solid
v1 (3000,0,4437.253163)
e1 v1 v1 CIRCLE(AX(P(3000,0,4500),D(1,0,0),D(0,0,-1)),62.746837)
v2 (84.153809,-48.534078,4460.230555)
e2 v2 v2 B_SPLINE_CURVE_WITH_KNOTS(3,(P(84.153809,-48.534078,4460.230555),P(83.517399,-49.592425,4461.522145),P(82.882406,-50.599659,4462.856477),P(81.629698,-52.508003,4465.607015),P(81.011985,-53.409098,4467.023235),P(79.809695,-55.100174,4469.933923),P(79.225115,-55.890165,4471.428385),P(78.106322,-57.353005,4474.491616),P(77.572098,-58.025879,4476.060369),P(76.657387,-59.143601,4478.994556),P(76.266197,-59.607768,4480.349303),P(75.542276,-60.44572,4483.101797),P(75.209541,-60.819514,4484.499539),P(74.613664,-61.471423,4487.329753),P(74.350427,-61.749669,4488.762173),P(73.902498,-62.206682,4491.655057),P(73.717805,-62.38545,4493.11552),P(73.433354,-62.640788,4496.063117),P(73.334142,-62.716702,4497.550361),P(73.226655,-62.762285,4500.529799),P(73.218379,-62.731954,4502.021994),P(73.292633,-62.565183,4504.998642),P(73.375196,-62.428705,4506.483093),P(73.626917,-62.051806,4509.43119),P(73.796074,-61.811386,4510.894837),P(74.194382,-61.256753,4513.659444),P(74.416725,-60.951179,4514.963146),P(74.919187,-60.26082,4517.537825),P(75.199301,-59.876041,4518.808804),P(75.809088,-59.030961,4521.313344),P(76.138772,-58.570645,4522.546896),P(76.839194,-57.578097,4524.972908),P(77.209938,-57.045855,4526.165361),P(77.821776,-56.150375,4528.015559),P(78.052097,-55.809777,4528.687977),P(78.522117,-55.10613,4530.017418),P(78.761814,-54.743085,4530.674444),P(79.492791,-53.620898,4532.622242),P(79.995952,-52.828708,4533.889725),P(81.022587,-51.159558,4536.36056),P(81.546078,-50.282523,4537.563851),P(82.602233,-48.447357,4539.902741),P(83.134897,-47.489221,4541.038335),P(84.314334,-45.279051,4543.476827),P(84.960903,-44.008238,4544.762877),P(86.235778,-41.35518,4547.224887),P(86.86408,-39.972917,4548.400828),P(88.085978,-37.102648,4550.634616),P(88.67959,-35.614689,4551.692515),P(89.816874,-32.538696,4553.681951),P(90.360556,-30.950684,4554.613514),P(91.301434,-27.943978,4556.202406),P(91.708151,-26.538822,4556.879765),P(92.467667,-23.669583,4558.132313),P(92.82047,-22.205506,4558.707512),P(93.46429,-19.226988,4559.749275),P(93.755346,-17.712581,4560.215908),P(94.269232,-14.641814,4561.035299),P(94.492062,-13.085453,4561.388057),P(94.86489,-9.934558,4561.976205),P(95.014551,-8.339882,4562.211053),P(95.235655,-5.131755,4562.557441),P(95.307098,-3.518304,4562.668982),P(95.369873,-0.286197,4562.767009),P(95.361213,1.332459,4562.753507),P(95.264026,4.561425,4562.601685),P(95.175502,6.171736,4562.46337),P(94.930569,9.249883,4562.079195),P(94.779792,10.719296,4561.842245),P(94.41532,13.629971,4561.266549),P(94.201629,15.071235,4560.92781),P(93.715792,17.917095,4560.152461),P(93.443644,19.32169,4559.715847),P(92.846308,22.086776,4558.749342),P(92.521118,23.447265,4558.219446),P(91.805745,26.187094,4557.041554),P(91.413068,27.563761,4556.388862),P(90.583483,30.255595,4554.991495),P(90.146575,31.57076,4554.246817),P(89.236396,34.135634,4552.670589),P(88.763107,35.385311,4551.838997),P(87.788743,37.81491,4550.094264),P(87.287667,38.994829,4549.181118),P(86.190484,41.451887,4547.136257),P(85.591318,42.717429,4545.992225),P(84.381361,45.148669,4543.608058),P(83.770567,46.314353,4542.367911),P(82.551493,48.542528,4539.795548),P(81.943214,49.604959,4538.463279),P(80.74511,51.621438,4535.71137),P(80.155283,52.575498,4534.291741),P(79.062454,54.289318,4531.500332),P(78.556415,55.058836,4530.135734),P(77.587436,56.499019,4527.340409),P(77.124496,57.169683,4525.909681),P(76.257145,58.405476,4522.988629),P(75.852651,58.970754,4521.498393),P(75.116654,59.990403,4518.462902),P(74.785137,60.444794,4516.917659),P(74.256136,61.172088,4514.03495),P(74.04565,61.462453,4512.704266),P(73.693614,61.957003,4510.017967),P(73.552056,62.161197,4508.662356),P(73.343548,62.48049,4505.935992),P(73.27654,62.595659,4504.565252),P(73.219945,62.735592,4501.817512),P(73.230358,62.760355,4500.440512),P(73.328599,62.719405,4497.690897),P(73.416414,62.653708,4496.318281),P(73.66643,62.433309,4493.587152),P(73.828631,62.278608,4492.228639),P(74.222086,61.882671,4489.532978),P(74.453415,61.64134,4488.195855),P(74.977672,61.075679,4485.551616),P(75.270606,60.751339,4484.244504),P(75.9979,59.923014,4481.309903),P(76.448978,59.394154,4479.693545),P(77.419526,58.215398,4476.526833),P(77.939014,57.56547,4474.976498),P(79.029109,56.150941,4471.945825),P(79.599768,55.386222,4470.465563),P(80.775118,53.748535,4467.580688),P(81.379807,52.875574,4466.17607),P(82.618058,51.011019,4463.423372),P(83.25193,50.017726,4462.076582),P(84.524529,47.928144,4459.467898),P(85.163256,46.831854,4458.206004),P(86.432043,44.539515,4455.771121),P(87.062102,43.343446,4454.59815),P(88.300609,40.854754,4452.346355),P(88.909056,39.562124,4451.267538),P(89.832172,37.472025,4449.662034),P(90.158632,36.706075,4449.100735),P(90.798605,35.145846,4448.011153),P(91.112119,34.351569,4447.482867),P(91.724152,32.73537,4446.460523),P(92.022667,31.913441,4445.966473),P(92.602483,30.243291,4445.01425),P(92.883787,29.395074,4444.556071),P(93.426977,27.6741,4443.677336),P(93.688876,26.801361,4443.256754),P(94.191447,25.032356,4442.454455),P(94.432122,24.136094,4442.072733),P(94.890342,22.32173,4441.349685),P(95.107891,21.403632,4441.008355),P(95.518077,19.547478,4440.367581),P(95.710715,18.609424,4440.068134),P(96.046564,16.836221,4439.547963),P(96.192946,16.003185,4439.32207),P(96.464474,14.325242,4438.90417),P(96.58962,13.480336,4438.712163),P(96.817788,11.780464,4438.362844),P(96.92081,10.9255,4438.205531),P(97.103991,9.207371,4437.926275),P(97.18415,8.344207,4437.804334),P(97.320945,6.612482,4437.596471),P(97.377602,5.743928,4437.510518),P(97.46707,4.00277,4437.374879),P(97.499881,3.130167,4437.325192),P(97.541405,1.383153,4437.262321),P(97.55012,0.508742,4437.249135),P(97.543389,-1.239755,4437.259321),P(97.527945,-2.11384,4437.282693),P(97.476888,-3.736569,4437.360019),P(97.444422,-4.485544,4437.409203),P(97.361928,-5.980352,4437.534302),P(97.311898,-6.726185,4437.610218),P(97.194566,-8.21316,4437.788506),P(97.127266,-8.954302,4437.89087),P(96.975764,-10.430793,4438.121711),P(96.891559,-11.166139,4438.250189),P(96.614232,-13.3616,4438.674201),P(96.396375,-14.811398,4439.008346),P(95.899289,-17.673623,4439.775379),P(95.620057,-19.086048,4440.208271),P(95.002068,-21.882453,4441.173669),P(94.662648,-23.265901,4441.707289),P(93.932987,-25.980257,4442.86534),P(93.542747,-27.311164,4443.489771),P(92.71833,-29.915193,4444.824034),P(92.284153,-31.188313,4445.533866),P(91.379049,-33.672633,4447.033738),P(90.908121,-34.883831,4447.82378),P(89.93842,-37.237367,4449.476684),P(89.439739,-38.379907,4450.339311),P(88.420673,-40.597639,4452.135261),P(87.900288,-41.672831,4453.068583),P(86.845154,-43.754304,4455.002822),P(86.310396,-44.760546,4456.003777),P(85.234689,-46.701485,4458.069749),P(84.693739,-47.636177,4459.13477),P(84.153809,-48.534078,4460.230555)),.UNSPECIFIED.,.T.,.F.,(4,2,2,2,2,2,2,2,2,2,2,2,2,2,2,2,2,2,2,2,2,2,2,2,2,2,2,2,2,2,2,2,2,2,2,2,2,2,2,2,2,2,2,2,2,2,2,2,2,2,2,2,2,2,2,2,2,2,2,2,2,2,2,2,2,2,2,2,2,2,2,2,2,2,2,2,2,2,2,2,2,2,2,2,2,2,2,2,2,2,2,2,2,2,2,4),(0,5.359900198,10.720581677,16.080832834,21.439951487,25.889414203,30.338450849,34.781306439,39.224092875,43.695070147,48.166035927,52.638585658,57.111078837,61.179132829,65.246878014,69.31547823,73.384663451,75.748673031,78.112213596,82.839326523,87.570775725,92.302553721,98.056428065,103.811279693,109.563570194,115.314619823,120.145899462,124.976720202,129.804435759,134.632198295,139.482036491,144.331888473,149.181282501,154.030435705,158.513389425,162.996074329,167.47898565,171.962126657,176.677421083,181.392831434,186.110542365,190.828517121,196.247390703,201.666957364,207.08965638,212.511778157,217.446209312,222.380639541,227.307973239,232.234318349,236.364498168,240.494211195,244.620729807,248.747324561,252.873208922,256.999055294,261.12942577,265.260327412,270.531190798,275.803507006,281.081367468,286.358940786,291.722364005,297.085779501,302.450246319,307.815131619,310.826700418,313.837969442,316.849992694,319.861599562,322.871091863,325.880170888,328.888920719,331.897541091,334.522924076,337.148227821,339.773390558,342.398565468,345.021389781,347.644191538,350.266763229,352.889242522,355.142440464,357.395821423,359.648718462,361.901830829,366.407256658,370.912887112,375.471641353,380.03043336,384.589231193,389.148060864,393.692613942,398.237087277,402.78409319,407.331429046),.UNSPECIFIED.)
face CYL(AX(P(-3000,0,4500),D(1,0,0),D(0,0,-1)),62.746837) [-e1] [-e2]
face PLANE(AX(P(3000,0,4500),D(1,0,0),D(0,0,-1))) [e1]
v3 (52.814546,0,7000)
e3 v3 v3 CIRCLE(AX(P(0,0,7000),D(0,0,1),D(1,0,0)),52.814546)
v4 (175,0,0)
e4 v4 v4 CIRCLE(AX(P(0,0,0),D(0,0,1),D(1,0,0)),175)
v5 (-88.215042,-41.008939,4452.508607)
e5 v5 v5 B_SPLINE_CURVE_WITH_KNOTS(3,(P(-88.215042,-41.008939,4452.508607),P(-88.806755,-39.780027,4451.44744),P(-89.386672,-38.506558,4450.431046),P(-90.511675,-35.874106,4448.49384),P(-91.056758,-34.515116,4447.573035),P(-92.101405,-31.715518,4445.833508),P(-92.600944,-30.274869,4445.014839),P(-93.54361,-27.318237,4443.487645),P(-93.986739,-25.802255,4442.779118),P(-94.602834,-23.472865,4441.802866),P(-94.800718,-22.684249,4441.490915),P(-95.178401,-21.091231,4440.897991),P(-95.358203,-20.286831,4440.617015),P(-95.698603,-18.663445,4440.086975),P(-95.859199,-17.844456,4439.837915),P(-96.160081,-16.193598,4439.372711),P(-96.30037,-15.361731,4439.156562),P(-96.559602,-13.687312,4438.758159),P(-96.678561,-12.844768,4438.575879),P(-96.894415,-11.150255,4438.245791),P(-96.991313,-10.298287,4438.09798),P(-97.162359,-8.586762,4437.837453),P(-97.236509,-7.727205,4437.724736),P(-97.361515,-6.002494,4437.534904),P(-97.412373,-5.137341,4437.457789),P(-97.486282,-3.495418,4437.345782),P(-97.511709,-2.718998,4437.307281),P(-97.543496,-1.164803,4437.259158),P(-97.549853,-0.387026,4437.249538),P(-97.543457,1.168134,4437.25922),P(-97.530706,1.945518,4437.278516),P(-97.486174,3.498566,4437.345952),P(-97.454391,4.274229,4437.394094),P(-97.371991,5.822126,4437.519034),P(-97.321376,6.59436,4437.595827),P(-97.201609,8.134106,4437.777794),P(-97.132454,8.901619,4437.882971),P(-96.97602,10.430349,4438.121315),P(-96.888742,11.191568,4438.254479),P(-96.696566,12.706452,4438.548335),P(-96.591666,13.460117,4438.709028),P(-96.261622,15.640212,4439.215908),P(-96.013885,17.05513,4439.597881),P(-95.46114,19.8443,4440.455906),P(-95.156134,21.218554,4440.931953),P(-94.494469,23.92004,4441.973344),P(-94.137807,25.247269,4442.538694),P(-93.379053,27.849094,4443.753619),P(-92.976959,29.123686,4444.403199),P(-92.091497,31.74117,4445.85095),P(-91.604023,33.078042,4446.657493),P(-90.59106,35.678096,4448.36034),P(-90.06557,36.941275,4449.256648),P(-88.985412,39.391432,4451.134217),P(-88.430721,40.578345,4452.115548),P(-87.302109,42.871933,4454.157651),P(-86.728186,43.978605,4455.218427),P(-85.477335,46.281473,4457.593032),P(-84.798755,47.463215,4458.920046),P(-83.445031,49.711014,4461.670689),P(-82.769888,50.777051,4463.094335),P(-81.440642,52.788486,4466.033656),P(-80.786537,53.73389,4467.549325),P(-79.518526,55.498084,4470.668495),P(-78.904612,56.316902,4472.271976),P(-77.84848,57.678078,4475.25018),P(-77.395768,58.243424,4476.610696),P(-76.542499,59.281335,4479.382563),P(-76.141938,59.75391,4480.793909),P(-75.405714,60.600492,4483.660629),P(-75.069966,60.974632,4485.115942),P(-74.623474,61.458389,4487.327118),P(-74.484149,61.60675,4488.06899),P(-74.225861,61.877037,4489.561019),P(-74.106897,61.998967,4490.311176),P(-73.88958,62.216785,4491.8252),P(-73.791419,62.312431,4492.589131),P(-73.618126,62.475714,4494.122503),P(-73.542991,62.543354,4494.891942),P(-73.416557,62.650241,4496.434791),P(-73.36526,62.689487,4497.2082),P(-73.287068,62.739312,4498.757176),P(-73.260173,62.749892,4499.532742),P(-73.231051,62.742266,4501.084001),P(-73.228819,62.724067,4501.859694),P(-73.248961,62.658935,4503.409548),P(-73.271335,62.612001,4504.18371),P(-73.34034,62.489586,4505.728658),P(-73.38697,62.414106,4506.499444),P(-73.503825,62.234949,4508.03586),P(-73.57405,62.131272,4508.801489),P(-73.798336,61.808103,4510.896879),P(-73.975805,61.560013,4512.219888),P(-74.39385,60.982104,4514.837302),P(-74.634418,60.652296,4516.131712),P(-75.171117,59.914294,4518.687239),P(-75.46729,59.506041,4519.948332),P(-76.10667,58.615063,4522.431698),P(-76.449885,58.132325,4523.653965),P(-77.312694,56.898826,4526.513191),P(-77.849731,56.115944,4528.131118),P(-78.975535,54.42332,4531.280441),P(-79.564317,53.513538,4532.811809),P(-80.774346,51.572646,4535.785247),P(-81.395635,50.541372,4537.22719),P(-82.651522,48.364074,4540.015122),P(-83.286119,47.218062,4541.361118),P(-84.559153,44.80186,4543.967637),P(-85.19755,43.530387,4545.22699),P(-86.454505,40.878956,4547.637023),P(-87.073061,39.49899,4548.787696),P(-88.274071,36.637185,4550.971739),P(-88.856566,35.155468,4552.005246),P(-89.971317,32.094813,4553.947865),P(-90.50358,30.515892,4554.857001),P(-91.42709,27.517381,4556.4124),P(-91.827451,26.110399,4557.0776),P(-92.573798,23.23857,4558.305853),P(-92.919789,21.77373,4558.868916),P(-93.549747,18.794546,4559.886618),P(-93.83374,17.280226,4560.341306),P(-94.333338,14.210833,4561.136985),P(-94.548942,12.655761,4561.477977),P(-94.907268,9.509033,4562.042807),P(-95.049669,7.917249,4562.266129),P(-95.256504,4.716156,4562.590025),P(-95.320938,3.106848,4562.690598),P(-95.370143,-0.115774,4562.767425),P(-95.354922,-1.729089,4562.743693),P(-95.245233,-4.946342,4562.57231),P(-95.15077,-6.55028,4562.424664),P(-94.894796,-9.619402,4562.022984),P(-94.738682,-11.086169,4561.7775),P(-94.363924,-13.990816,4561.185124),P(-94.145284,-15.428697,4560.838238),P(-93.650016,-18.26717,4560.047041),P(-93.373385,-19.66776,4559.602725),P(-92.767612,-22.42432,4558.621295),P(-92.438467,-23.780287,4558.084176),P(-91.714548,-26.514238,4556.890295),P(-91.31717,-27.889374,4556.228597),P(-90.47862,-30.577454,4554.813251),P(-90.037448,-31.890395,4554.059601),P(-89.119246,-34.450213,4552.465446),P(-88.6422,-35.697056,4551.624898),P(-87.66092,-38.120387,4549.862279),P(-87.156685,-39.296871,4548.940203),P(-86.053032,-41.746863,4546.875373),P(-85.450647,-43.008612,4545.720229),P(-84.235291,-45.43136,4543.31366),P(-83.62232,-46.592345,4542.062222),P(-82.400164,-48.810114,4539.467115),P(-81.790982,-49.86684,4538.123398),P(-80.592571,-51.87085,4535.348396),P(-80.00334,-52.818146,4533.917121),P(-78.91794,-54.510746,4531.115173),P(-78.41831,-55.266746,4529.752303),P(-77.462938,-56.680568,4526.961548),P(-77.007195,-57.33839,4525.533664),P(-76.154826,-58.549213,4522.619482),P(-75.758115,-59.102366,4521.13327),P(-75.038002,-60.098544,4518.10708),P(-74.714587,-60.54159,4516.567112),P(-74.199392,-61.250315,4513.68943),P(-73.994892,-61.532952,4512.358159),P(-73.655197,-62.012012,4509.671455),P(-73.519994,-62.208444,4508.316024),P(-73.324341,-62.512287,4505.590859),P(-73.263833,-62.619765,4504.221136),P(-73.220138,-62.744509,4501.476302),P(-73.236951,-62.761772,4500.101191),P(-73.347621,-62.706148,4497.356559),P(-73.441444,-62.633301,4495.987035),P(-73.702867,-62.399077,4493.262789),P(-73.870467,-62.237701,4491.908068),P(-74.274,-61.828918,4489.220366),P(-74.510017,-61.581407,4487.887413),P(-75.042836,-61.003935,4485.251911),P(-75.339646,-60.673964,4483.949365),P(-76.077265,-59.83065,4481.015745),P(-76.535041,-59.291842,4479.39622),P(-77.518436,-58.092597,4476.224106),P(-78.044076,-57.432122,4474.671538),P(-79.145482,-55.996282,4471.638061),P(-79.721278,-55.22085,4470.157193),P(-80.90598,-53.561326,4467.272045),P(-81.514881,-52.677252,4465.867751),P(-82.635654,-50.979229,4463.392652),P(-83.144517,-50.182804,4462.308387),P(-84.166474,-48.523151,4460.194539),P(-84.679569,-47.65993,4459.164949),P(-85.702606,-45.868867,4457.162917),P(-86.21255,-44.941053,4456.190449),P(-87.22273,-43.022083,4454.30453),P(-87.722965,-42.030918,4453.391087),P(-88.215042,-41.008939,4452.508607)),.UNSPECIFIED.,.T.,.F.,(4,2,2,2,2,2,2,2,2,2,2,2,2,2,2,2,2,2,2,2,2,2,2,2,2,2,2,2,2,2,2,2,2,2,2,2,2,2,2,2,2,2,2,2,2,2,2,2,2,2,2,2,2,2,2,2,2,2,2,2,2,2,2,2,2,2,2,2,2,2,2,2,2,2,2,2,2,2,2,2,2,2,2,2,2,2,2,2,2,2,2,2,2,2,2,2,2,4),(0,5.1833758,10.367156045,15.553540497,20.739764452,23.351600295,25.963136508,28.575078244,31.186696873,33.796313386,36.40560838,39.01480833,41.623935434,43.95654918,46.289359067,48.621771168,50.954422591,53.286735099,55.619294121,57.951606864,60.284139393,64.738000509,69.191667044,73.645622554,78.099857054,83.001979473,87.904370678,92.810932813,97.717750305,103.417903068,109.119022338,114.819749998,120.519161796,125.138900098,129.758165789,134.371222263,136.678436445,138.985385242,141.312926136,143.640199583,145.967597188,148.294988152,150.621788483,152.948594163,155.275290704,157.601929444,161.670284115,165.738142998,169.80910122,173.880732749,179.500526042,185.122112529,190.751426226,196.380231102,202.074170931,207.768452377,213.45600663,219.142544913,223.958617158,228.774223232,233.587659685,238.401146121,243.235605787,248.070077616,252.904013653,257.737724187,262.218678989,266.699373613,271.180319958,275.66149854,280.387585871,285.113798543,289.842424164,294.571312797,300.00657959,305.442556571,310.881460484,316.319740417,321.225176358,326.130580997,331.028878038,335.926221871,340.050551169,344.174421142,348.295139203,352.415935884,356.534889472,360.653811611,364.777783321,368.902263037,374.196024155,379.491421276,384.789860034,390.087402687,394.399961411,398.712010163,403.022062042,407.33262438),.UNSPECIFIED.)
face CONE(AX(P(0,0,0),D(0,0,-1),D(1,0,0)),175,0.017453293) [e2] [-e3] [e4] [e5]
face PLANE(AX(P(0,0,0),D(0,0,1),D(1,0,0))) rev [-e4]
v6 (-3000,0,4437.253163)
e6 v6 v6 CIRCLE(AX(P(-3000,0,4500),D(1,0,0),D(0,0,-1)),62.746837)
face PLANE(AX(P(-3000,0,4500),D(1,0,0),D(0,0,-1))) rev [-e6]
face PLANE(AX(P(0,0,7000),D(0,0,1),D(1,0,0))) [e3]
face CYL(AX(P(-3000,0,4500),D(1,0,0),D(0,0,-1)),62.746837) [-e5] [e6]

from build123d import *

# Parameters (mm, degrees)
SKETCH1_R                = 175
BOSS_EXTRUDE1_DEPTH      = 7000
BOSS_EXTRUDE1_TAPER      = 1
BOSS_EXTRUDE2_DEPTH      = 3000
BOSS_EXTRUDE2_DEPTH_BACK = 3000
SKETCH2_R                = 62.746836561


with BuildPart() as part:
    # Sketch1 → Boss-Extrude1 (new body)
    with BuildSketch(Plane.XY):
        Circle(SKETCH1_R)
    extrude(amount=BOSS_EXTRUDE1_DEPTH, taper=BOSS_EXTRUDE1_TAPER)

    # Sketch2 → Boss-Extrude2 (add, two sides: drawn at the far end of the back side and taken through both)
    with BuildSketch(Plane(origin=(0, 0, 0), x_dir=(0, 0, -1), z_dir=(1, 0, 0)).offset(-BOSS_EXTRUDE2_DEPTH_BACK)):
        with Locations((-4500, 0)):
            Circle(SKETCH2_R)
    extrude(amount=BOSS_EXTRUDE2_DEPTH + BOSS_EXTRUDE2_DEPTH_BACK)


solid = part.part
